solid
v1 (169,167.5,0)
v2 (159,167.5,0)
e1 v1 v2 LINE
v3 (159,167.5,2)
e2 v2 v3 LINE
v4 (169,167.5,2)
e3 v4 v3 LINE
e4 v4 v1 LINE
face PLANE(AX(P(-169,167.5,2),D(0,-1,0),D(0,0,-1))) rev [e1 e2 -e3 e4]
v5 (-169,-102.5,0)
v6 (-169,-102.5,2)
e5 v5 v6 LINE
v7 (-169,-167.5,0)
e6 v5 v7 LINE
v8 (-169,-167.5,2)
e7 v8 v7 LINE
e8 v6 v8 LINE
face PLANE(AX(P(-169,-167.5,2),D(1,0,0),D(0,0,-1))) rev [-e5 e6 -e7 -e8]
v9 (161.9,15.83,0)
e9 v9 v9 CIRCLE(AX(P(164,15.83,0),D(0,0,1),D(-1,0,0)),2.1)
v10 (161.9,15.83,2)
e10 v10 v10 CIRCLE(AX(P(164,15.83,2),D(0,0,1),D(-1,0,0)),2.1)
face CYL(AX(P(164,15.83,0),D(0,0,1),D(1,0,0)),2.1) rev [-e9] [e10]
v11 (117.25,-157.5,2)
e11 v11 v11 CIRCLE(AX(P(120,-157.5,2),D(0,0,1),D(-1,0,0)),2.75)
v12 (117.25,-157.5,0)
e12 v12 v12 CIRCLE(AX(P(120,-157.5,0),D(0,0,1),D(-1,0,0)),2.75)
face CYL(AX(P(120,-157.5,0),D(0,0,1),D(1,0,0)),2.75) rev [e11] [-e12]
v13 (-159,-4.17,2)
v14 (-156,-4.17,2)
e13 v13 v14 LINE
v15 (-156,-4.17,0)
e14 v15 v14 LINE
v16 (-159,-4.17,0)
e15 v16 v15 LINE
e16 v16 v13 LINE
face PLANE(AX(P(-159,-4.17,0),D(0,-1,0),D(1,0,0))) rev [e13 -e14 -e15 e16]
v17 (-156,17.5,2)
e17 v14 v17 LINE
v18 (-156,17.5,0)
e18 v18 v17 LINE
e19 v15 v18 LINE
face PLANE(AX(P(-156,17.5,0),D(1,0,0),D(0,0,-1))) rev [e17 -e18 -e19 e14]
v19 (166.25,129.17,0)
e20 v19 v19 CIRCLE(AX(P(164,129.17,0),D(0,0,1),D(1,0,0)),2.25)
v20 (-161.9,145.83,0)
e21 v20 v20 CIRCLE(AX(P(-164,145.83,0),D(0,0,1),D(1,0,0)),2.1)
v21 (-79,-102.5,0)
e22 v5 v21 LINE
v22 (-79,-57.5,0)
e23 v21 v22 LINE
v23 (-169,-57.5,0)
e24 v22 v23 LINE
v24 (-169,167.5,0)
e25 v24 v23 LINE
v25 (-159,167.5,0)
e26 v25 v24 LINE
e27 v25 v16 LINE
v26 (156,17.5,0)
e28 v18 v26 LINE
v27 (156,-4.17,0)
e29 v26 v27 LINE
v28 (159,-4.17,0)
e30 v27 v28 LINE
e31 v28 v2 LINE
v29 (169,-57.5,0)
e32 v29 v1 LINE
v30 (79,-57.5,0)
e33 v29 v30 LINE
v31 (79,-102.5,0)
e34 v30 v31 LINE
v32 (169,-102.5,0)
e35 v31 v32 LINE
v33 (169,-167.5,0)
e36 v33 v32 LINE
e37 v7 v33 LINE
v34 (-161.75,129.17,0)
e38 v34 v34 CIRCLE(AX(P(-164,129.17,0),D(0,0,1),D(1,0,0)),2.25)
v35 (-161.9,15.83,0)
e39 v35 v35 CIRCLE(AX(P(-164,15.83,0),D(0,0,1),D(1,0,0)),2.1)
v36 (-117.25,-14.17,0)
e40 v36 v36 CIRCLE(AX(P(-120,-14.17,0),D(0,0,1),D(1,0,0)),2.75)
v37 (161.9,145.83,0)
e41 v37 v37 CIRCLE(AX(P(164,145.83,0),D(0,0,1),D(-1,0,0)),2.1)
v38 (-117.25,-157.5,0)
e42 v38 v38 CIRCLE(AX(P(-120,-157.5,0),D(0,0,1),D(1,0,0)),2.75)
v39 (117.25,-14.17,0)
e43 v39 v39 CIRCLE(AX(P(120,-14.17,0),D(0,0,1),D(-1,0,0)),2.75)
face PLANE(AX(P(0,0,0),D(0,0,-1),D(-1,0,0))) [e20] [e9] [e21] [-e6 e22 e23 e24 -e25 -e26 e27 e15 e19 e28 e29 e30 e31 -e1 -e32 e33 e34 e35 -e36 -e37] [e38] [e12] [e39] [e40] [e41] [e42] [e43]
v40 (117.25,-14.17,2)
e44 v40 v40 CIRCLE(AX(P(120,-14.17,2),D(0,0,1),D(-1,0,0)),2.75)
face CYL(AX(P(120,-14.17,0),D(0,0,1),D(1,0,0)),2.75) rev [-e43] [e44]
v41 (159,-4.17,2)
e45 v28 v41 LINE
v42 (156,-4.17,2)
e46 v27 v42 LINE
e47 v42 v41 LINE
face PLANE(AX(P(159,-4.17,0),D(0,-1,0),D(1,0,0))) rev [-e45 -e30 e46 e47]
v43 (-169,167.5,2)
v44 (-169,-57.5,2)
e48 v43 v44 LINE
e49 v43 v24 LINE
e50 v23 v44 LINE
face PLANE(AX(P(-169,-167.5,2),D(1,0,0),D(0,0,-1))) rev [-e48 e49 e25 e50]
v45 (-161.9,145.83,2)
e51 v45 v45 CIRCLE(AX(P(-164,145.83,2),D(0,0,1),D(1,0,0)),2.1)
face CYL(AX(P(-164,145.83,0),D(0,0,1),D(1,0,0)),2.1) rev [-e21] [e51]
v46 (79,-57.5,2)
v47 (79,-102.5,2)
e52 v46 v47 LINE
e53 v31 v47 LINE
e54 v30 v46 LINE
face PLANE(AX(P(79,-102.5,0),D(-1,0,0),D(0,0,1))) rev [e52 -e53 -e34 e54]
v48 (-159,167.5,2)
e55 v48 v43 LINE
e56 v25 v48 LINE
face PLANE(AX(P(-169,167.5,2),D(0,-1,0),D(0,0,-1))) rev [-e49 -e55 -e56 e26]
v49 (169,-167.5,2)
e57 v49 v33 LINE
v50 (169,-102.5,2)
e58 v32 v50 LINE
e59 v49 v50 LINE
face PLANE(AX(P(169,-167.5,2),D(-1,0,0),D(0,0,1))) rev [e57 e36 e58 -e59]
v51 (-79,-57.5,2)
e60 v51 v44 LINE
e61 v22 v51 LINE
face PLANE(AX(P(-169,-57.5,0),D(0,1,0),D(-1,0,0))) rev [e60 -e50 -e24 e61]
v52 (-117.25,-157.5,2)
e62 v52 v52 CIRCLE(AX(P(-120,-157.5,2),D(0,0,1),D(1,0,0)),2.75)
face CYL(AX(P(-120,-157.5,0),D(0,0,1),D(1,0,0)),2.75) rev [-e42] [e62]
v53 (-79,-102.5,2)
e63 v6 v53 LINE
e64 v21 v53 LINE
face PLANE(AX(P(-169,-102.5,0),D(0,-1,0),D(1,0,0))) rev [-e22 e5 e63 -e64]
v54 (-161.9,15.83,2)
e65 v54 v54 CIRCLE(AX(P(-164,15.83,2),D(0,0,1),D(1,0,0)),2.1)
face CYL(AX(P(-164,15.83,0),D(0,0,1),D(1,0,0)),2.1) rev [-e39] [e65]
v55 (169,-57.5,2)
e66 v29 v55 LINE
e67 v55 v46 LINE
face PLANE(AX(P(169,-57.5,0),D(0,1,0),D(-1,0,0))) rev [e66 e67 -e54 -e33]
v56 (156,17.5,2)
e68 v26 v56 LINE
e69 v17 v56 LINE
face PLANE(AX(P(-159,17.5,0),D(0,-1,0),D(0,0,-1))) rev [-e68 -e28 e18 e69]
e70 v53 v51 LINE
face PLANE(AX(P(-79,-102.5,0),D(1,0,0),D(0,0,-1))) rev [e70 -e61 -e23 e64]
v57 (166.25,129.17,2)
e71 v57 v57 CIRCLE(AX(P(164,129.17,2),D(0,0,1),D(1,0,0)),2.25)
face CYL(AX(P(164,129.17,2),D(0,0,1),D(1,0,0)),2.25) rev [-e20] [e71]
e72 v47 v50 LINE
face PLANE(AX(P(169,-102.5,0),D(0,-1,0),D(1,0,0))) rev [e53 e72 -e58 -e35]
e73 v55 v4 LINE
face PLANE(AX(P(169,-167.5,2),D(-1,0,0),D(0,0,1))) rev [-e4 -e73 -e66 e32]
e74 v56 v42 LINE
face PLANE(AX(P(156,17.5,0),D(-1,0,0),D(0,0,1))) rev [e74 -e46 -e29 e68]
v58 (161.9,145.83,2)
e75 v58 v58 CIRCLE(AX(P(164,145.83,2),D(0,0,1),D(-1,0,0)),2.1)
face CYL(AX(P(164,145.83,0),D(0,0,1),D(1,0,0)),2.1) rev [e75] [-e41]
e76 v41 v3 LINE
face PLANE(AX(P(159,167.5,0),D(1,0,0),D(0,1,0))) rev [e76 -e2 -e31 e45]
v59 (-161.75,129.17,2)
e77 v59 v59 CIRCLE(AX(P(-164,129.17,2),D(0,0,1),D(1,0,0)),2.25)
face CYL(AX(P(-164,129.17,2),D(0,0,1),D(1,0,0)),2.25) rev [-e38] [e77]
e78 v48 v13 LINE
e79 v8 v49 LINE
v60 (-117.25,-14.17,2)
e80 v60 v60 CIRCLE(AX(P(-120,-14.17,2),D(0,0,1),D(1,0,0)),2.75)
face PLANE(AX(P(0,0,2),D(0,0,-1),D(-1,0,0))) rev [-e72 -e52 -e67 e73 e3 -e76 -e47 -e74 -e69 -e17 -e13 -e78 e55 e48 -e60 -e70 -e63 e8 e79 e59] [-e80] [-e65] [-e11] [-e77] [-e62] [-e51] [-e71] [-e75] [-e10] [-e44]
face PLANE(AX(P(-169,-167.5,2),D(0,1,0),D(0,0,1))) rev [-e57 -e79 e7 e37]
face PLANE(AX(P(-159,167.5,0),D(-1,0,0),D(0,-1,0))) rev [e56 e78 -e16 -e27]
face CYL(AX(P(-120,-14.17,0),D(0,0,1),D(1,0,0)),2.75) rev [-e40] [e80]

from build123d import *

# Parameters (mm, degrees)
ESQUISSE1_W             = 338
ESQUISSE1_H             = 335
BOSS_EXTRU_1_DEPTH      = 2
ESQUISSE2_W             = 318
ESQUISSE2_H             = 150
ESQUISSE2_W_2           = 90
ESQUISSE2_H_2           = 45
ENL_V_MAT_EXTRU_1_DEPTH = 238.952201082
D_GAGEMENT_M41_D        = 4.5
ESQUISSE5_W             = 3
ESQUISSE5_H             = 21.67
ENL_V_MAT_EXTRU_2_DEPTH = 238.952201082
ESQUISSE6_R             = 2.1
ENL_V_MAT_EXTRU_3_DEPTH = 238.952201082
ESQUISSE7_R             = 2.75
ENL_V_MAT_EXTRU_4_DEPTH = 238.952201082


with BuildPart() as part:
    # Esquisse1 → Boss.-Extru.1 (new body)
    with BuildSketch(Plane.XY):
        Rectangle(ESQUISSE1_W, ESQUISSE1_H)
    extrude(amount=BOSS_EXTRU_1_DEPTH)

    # Esquisse2 → Enlèv. mat.-Extru.1 (cut, through all)
    with BuildSketch(Plane.XY.offset(2)):
        with Locations((0, 92.5)):
            Rectangle(ESQUISSE2_W, ESQUISSE2_H)
        with Locations((124, -80)):
            Rectangle(ESQUISSE2_W_2, ESQUISSE2_H_2)
        with Locations((-124, -80)):
            Rectangle(ESQUISSE2_W_2, ESQUISSE2_H_2)
    extrude(amount=-ENL_V_MAT_EXTRU_1_DEPTH, mode=Mode.SUBTRACT)

    # Dégagement M41 (through all)
    with Locations(Plane.XY.offset(2)):
        with Locations((164, 129.17), (-164, 129.17)):
            Hole(D_GAGEMENT_M41_D / 2)

    # Esquisse5 → Enlèv. mat.-Extru.2 (cut, through all)
    with BuildSketch(Plane.XY.offset(2)):
        with Locations((157.5, 6.665)):
            Rectangle(ESQUISSE5_W, ESQUISSE5_H)
        with Locations((-157.5, 6.665)):
            Rectangle(ESQUISSE5_W, ESQUISSE5_H)
    extrude(amount=-ENL_V_MAT_EXTRU_2_DEPTH, mode=Mode.SUBTRACT)

    # Esquisse6 → Enlèv. mat.-Extru.3 (cut, through all)
    with BuildSketch(Plane.XY.offset(2)):
        with Locations((-164, 15.83)):
            Circle(ESQUISSE6_R)
        with Locations((-164, 145.83)):
            Circle(ESQUISSE6_R)
        with Locations(Location((164, 15.83, 0), (0, 0, 180))):
            Circle(ESQUISSE6_R)
        with Locations(Location((164, 145.83, 0), (0, 0, 180))):
            Circle(ESQUISSE6_R)
    extrude(amount=-ENL_V_MAT_EXTRU_3_DEPTH, mode=Mode.SUBTRACT)

    # Esquisse7 → Enlèv. mat.-Extru.4 (cut, through all)
    with BuildSketch(Plane.XY.offset(2)):
        with Locations((-120, -157.5)):
            Circle(ESQUISSE7_R)
        with Locations((-120, -14.17)):
            Circle(ESQUISSE7_R)
        with Locations(Location((120, -14.17, 0), (0, 0, 180))):
            Circle(ESQUISSE7_R)
        with Locations(Location((120, -157.5, 0), (0, 0, 180))):
            Circle(ESQUISSE7_R)
    extrude(amount=-ENL_V_MAT_EXTRU_4_DEPTH, mode=Mode.SUBTRACT)


solid = part.part
